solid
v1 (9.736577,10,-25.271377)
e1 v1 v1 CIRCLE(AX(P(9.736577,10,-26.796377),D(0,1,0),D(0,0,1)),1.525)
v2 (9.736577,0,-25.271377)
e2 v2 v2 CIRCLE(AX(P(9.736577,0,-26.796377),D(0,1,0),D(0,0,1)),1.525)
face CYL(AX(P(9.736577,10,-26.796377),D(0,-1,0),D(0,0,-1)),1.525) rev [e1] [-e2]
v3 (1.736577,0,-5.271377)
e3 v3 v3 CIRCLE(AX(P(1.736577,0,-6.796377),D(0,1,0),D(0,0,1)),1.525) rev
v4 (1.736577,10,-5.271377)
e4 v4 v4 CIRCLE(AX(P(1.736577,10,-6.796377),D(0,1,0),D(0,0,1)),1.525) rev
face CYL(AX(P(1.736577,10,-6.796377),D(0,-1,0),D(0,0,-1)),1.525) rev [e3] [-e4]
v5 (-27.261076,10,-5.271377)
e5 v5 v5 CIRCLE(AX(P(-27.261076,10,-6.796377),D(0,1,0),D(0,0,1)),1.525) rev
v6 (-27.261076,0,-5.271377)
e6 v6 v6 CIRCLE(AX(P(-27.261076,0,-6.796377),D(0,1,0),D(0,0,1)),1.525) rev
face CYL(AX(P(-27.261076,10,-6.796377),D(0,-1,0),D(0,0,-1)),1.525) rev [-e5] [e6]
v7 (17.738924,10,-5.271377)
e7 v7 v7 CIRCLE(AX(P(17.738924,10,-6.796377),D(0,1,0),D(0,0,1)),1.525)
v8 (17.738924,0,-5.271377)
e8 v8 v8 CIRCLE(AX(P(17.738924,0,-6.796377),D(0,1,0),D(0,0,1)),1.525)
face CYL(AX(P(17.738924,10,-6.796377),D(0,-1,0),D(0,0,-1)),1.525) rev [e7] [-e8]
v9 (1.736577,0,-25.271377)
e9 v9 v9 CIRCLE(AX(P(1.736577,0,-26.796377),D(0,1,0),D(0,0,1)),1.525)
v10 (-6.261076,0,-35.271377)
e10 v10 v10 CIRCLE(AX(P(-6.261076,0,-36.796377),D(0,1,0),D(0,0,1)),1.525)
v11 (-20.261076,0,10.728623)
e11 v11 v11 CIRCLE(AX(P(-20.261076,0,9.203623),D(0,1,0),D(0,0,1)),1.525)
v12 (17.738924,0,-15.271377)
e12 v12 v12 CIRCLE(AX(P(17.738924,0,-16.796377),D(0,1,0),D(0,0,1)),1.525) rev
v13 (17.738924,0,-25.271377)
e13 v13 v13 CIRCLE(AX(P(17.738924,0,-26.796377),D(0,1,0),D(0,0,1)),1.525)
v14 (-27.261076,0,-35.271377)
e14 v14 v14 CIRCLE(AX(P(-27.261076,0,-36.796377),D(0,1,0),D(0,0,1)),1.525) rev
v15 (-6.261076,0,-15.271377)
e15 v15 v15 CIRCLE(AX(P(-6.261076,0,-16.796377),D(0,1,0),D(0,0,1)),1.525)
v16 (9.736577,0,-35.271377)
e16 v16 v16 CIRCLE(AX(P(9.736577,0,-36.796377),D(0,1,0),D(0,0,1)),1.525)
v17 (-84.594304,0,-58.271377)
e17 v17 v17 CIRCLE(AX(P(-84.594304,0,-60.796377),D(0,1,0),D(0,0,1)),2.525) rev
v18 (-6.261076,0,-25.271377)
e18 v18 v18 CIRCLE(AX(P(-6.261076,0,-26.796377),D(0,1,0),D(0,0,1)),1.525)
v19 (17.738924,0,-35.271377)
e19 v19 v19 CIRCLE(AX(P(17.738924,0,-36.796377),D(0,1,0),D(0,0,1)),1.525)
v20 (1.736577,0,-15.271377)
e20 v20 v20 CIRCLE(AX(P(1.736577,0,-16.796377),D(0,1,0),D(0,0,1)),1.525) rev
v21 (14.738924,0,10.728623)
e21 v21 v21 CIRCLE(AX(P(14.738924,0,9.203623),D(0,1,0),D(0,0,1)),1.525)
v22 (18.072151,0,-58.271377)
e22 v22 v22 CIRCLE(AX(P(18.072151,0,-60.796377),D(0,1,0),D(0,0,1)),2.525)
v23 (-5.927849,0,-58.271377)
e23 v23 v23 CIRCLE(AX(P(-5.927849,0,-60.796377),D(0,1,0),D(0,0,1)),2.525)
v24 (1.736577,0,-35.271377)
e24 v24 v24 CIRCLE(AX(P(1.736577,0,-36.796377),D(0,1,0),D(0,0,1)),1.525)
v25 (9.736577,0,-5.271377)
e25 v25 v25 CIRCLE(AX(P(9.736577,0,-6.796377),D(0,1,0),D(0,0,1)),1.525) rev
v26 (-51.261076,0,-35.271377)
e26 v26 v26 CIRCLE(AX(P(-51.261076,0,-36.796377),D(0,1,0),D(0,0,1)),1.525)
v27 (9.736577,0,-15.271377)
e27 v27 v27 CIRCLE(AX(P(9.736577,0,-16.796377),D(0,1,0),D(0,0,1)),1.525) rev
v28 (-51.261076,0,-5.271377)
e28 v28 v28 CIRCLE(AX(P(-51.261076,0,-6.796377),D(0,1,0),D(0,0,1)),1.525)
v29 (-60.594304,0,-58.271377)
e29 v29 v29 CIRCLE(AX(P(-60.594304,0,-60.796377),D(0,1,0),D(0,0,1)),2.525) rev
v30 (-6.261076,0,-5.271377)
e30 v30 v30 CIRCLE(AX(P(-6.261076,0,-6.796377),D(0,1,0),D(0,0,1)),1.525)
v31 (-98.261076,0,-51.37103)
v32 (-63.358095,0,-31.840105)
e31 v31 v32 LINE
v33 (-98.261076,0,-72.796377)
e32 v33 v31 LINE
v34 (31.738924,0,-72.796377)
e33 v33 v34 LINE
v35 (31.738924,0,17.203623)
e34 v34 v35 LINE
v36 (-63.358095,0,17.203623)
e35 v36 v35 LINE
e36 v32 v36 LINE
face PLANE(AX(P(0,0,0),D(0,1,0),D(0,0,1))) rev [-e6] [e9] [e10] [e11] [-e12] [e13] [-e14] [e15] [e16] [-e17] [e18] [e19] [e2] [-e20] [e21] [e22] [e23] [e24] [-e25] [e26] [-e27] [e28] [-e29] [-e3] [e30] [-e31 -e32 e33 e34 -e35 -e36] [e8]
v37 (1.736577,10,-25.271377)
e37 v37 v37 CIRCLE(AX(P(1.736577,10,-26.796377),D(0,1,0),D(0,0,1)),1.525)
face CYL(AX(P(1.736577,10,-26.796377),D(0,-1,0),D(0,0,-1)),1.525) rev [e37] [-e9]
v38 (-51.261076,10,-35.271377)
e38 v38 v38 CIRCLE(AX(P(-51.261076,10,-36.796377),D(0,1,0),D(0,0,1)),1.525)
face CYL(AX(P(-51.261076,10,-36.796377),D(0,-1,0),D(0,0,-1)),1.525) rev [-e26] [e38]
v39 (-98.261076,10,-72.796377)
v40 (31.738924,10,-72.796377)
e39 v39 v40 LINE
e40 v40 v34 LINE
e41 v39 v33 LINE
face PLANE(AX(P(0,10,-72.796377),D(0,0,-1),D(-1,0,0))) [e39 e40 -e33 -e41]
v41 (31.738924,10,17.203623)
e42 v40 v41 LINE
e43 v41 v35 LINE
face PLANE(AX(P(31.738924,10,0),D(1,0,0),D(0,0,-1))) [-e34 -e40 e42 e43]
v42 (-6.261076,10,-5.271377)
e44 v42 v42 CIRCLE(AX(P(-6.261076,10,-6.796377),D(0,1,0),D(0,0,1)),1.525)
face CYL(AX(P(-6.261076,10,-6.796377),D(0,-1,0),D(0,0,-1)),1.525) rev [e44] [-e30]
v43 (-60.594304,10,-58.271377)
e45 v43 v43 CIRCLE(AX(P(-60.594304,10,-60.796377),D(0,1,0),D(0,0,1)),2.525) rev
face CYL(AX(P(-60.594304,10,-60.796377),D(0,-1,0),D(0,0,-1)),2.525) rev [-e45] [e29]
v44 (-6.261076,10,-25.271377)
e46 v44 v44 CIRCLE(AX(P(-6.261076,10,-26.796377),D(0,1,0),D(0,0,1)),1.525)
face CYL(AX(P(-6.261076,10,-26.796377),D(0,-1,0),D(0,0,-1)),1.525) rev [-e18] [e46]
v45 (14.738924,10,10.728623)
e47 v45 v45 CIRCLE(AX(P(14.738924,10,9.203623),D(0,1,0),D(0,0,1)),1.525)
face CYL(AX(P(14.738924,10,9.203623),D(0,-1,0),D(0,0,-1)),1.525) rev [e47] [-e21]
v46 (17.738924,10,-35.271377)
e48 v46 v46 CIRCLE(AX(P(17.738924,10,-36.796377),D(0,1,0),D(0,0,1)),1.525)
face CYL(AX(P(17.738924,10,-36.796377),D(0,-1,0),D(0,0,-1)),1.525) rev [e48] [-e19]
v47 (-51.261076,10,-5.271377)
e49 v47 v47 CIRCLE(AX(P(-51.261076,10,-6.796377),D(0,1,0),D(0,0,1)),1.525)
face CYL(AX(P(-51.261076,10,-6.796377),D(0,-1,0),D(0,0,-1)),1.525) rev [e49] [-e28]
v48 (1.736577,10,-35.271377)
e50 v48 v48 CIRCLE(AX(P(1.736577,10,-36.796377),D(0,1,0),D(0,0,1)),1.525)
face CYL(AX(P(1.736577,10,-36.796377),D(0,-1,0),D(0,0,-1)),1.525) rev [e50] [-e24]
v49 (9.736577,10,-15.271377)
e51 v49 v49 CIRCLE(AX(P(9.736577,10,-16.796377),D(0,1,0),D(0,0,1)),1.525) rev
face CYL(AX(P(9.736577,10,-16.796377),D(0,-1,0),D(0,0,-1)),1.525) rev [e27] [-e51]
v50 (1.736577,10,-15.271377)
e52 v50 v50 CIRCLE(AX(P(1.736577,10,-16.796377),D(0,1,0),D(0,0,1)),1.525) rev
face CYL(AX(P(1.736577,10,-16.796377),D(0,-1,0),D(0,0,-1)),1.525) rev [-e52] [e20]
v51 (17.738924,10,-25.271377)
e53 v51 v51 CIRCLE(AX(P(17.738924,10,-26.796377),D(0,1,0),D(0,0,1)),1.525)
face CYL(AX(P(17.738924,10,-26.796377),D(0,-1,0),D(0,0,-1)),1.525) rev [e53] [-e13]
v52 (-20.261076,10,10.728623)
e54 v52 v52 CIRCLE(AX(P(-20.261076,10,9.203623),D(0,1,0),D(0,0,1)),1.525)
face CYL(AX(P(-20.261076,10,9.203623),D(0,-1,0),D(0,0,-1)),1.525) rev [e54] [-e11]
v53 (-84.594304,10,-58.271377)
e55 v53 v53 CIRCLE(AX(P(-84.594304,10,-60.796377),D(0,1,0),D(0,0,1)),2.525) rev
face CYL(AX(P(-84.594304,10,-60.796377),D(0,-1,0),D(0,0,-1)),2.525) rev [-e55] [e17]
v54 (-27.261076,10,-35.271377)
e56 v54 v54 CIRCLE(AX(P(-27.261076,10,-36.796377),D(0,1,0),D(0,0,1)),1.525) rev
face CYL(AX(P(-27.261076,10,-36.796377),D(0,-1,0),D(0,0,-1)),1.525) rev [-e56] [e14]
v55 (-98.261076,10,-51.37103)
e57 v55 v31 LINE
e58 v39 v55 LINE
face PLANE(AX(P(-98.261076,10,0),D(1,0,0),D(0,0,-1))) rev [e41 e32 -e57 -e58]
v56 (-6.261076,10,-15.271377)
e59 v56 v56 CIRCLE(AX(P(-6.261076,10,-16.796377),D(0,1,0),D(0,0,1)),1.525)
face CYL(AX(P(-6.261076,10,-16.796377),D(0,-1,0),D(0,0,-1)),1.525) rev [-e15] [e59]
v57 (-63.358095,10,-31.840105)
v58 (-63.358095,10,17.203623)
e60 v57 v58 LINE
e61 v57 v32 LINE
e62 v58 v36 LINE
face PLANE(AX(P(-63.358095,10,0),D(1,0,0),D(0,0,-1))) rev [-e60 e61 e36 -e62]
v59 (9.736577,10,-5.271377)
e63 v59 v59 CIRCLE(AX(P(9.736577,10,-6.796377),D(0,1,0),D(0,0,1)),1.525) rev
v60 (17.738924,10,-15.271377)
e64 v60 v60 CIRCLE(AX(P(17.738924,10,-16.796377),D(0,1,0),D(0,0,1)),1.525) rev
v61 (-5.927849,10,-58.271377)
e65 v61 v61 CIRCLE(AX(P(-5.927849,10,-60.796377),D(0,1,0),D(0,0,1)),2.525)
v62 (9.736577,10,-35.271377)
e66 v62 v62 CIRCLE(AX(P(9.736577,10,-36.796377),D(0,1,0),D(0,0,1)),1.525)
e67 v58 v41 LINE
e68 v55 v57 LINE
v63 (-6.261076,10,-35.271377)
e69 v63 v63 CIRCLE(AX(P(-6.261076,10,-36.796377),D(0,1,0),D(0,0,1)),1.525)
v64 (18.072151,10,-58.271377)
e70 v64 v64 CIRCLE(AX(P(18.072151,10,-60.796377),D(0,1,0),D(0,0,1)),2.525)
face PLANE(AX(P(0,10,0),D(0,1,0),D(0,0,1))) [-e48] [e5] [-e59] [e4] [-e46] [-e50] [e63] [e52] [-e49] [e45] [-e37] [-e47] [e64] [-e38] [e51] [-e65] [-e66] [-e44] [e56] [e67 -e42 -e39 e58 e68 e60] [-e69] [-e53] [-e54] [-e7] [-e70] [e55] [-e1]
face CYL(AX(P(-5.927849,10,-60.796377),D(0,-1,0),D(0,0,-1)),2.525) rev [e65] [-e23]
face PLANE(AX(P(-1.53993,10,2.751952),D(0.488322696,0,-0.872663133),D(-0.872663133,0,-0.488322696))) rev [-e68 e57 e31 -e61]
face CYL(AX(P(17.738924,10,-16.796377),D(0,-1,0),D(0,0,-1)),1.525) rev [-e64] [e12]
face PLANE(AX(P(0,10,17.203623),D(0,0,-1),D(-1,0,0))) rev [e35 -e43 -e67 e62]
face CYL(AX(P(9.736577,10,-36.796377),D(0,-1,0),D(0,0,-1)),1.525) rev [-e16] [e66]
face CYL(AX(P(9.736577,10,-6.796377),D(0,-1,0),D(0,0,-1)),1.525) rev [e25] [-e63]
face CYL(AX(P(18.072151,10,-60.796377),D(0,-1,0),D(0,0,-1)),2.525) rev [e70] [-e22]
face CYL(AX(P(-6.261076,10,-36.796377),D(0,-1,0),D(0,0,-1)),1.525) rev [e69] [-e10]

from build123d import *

# Parameters (mm, degrees)
SKETCH_1_R      = 1.525
SKETCH_1_R_2    = 2.525
EXTRUDE_1_DEPTH = 10


with BuildPart() as part:
    # 草图1 → 凸台-拉伸1 (new body)
    with BuildSketch(Plane(origin=(0, 0, 0), x_dir=(1, 0, 0), z_dir=(0, 1, 0))):
        Polygon((-63.358095006, 31.840104985), (-63.358095006, -17.203623146), (31.738923617, -17.203623146), (31.738923617, 72.796376854), (-33.261076383, 72.796376854), (-98.261076383, 72.796376854), (-98.261076383, 51.371029704), align=None)
        with Locations(Location((-27.261076383, 36.796376854, 0), (0, 0, 270))):
            Circle(SKETCH_1_R, mode=Mode.SUBTRACT)
        with Locations(Location((-51.261076383, 36.796376854, 0), (0, 0, 270))):
            Circle(SKETCH_1_R, mode=Mode.SUBTRACT)
        with Locations(Location((-51.261076383, 6.796376854, 0), (0, 0, 270))):
            Circle(SKETCH_1_R, mode=Mode.SUBTRACT)
        with Locations(Location((-27.261076383, 6.796376854, 0), (0, 0, 270))):
            Circle(SKETCH_1_R, mode=Mode.SUBTRACT)
        with Locations(Location((-20.261076383, -9.203623146, 0), (0, 0, 270))):
            Circle(SKETCH_1_R, mode=Mode.SUBTRACT)
        with Locations(Location((14.738923617, -9.203623146, 0), (0, 0, 270))):
            Circle(SKETCH_1_R, mode=Mode.SUBTRACT)
        with Locations(Location((-6.261076383, 6.796376854, 0), (0, 0, 270))):
            Circle(SKETCH_1_R, mode=Mode.SUBTRACT)
        with Locations(Location((1.73657712, 6.796376854, 0), (0, 0, 270))):
            Circle(SKETCH_1_R, mode=Mode.SUBTRACT)
        with Locations(Location((9.73657712, 6.796376854, 0), (0, 0, 270))):
            Circle(SKETCH_1_R, mode=Mode.SUBTRACT)
        with Locations(Location((17.738923617, 6.796376854, 0), (0, 0, 270))):
            Circle(SKETCH_1_R, mode=Mode.SUBTRACT)
        with Locations(Location((-6.261076383, 16.796376854, 0), (0, 0, 270))):
            Circle(SKETCH_1_R, mode=Mode.SUBTRACT)
        with Locations(Location((1.73657712, 16.796376854, 0), (0, 0, 270))):
            Circle(SKETCH_1_R, mode=Mode.SUBTRACT)
        with Locations(Location((9.73657712, 16.796376854, 0), (0, 0, 270))):
            Circle(SKETCH_1_R, mode=Mode.SUBTRACT)
        with Locations(Location((17.738923617, 16.796376854, 0), (0, 0, 270))):
            Circle(SKETCH_1_R, mode=Mode.SUBTRACT)
        with Locations(Location((-84.594304082, 60.796376854, 0), (0, 0, 270))):
            Circle(SKETCH_1_R_2, mode=Mode.SUBTRACT)
        with Locations(Location((-60.594304082, 60.796376854, 0), (0, 0, 270))):
            Circle(SKETCH_1_R_2, mode=Mode.SUBTRACT)
        with Locations(Location((-6.261076383, 26.796376854, 0), (0, 0, 270))):
            Circle(SKETCH_1_R, mode=Mode.SUBTRACT)
        with Locations(Location((1.73657712, 26.796376854, 0), (0, 0, 270))):
            Circle(SKETCH_1_R, mode=Mode.SUBTRACT)
        with Locations(Location((9.73657712, 26.796376854, 0), (0, 0, 270))):
            Circle(SKETCH_1_R, mode=Mode.SUBTRACT)
        with Locations(Location((17.738923617, 26.796376854, 0), (0, 0, 270))):
            Circle(SKETCH_1_R, mode=Mode.SUBTRACT)
        with Locations(Location((-6.261076383, 36.796376854, 0), (0, 0, 270))):
            Circle(SKETCH_1_R, mode=Mode.SUBTRACT)
        with Locations(Location((1.73657712, 36.796376854, 0), (0, 0, 270))):
            Circle(SKETCH_1_R, mode=Mode.SUBTRACT)
        with Locations(Location((9.73657712, 36.796376854, 0), (0, 0, 270))):
            Circle(SKETCH_1_R, mode=Mode.SUBTRACT)
        with Locations(Location((17.738923617, 36.796376854, 0), (0, 0, 270))):
            Circle(SKETCH_1_R, mode=Mode.SUBTRACT)
        with Locations(Location((-5.927848684, 60.796376854, 0), (0, 0, 270))):
            Circle(SKETCH_1_R_2, mode=Mode.SUBTRACT)
        with Locations(Location((18.072151316, 60.796376854, 0), (0, 0, 270))):
            Circle(SKETCH_1_R_2, mode=Mode.SUBTRACT)
    extrude(amount=EXTRUDE_1_DEPTH)


solid = part.part
